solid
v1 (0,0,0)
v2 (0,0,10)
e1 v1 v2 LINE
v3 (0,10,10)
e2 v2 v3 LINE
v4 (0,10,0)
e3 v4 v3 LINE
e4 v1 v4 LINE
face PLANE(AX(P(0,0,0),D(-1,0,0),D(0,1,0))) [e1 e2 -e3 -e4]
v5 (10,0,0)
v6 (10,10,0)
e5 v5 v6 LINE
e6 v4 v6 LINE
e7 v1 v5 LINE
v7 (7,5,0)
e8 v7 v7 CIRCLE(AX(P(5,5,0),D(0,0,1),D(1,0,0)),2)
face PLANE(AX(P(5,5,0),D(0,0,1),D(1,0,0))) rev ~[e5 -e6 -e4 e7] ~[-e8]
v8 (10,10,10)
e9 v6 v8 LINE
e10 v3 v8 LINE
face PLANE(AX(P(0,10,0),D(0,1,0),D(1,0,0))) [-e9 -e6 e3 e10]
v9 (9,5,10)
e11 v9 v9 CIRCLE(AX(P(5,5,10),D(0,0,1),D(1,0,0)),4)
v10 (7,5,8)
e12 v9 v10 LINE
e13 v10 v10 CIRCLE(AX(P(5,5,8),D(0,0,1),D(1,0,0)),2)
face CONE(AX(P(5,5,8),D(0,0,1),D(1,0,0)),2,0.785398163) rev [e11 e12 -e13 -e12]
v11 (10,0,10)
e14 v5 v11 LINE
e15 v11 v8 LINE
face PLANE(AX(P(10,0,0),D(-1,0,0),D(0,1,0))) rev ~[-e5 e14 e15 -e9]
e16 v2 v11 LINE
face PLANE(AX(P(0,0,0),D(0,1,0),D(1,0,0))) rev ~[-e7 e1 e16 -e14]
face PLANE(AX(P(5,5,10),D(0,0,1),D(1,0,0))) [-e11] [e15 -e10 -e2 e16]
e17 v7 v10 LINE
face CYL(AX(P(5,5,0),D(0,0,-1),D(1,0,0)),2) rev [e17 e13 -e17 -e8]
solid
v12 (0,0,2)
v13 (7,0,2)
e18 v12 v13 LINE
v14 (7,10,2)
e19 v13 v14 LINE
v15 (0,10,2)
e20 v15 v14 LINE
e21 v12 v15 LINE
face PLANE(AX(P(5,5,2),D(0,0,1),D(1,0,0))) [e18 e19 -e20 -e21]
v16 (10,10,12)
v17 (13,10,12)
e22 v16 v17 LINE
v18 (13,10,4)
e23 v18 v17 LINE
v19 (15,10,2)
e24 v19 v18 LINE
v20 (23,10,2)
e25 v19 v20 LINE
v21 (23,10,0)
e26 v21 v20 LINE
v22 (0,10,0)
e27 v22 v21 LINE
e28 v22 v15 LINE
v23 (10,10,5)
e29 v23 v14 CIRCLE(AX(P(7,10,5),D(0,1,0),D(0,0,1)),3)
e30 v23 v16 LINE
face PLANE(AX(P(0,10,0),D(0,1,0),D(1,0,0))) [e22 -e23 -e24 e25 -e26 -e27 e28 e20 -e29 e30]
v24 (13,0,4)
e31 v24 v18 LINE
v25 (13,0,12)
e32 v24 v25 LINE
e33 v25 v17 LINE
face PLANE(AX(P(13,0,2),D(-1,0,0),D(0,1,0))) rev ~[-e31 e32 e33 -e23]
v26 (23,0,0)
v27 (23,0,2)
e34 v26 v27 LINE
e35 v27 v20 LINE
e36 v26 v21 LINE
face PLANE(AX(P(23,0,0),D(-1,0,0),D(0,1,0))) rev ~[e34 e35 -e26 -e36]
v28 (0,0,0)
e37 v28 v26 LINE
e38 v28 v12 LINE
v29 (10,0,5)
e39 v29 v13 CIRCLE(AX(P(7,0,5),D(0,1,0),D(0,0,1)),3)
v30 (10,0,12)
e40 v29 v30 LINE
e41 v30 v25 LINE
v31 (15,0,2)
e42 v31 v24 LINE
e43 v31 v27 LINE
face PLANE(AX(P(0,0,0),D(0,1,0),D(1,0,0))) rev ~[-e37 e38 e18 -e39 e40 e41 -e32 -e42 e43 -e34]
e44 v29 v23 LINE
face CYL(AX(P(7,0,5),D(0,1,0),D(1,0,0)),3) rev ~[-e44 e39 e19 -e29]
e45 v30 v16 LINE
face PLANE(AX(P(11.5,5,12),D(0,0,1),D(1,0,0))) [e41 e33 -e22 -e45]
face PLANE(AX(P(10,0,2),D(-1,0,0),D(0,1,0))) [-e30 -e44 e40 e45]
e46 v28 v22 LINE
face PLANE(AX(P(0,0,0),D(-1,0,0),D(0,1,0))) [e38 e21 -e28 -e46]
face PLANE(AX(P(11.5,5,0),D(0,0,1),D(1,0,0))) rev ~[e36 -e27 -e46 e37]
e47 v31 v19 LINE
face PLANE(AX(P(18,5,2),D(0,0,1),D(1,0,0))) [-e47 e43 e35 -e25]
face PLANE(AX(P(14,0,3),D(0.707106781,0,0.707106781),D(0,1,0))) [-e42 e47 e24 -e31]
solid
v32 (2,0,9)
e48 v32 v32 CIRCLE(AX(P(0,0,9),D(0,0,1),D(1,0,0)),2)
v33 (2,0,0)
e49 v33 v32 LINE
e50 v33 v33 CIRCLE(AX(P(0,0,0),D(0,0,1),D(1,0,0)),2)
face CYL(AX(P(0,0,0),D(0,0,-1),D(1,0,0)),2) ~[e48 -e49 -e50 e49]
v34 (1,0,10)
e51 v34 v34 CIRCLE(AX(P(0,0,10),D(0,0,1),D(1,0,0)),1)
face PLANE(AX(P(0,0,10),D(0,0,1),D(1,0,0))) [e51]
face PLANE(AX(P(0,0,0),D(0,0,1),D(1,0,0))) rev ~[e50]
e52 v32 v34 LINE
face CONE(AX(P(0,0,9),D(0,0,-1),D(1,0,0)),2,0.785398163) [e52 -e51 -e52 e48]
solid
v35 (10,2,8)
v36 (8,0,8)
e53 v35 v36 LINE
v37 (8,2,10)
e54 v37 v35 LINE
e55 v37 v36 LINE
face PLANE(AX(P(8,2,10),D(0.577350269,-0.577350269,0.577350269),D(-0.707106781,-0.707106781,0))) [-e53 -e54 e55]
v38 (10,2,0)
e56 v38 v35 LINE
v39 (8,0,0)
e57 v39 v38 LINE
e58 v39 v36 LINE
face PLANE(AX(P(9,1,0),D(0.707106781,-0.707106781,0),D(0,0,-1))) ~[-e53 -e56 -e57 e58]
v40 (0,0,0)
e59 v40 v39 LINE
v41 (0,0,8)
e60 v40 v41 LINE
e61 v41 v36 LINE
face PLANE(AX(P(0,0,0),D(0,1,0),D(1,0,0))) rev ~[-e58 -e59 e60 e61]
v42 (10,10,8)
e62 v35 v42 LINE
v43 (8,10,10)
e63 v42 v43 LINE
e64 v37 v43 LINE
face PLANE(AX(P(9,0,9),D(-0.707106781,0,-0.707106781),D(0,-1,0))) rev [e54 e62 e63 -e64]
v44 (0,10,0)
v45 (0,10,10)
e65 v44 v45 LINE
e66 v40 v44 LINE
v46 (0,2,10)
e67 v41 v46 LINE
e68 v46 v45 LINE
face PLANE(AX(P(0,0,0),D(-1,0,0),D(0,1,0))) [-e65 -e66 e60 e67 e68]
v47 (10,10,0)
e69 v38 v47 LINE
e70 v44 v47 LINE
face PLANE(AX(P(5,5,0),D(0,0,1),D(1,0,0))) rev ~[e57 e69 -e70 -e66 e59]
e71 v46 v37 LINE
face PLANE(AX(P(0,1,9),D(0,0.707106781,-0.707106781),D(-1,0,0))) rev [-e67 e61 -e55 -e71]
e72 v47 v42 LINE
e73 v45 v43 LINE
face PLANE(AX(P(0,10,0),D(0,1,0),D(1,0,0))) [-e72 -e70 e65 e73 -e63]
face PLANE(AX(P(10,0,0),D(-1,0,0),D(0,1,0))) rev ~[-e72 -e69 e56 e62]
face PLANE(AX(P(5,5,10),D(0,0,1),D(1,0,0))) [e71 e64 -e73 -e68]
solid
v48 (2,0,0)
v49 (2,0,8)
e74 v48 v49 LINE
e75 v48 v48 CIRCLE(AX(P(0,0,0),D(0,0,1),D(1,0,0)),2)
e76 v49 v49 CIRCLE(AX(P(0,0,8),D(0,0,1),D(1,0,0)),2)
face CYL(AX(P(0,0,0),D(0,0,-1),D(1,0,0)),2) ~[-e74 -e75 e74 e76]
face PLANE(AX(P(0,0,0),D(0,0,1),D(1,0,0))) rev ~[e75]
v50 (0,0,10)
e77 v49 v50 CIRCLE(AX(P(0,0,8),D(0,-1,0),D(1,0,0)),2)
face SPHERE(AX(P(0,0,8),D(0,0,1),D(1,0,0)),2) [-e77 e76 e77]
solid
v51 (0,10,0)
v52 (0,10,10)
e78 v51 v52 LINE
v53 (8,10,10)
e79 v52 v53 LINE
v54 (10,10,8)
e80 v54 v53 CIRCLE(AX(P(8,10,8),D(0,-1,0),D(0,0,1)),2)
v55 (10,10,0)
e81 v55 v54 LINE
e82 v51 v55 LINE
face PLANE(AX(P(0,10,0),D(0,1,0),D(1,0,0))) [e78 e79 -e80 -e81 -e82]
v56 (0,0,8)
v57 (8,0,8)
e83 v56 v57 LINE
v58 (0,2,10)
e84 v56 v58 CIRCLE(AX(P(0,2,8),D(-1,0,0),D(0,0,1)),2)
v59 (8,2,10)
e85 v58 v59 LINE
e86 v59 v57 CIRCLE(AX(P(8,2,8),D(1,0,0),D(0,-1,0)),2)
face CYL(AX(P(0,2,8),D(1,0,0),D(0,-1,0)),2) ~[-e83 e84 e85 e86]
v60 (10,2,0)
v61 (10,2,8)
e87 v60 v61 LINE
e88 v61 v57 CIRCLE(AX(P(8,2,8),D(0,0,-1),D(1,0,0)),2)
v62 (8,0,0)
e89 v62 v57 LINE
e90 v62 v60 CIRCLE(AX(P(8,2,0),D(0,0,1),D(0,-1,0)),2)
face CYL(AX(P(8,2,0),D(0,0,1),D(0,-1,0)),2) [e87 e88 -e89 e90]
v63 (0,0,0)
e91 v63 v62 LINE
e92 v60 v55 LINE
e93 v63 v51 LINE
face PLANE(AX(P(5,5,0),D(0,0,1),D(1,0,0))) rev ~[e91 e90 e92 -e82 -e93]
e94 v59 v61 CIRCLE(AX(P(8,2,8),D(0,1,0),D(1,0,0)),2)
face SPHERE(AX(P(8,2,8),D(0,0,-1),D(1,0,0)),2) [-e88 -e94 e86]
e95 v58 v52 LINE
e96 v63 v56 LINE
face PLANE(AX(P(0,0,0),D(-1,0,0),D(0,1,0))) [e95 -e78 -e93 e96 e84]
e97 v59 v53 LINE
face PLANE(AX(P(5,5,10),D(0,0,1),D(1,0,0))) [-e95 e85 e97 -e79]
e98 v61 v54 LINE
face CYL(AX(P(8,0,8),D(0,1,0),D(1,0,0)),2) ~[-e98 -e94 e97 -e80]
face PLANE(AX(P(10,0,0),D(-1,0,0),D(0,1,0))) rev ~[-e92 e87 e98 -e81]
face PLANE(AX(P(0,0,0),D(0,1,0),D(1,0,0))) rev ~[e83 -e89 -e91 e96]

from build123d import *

# Parameters (mm, degrees)
BOX_W             = 10
BOX_H             = 10
BOX_DEPTH         = 10
FILLET_R          = 2
BOX001_W          = 10
BOX001_H          = 10
BOX001_DEPTH      = 10
CHAMFER_SIZE      = 2
CYLINDER_R        = 2
CYLINDER_DEPTH    = 10
BOX002_W          = 10
BOX002_H          = 10
BOX002_DEPTH      = 10
CHAMFER001_SIZE   = 2
CYLINDER001_R     = 2
CYLINDER001_DEPTH = 10
FILLET001_R       = 2
CYLINDER002_R     = 2
CYLINDER002_DEPTH = 10
CHAMFER002_SIZE   = 1
BOX005_W          = 10
BOX005_H          = 10
BOX005_DEPTH      = 10
BOX004_W          = 10
BOX004_H          = 10
BOX004_DEPTH      = 10
BOX003_W          = 23
BOX003_H          = 10
BOX003_DEPTH      = 12
CHAMFER003_SIZE   = 2
FILLET002_R       = 3


with BuildPart() as fillet_body:
    # Box → Box (new body)
    with BuildSketch(Plane.XY):
        with Locations((5, 5)):
            Rectangle(BOX_W, BOX_H)
    extrude(amount=BOX_DEPTH)

    # Fillet
    fillet_edges = [fillet_body.edges().sort_by_distance(p)[0] for p in [
        (10, 0, 5),
        (10, 5, 10),
        (5, 0, 10),
    ]]
    fillet(fillet_edges, radius=FILLET_R)


with BuildPart() as chamfer_body:
    # Box001 → Box001 (new body)
    with BuildSketch(Plane.XY):
        with Locations((5, 5)):
            Rectangle(BOX001_W, BOX001_H)
    extrude(amount=BOX001_DEPTH)

    # Chamfer
    chamfer_edges = [chamfer_body.edges().sort_by_distance(p)[0] for p in [
        (10, 0, 5),
        (10, 5, 10),
        (5, 0, 10),
    ]]
    chamfer(chamfer_edges, length=CHAMFER_SIZE)


with BuildPart() as cilindro:
    # Cylinder → Cylinder (new body)
    with BuildSketch(Plane(origin=(5, 5, 0), x_dir=(1, 0, 0), z_dir=(0, 0, 1))):
        Circle(CYLINDER_R)
    extrude(amount=CYLINDER_DEPTH)


with BuildPart() as chamfer001:
    # Box002 → Box002 (new body)
    with BuildSketch(Plane.XY):
        with Locations((5, 5)):
            Rectangle(BOX002_W, BOX002_H)
    extrude(amount=BOX002_DEPTH)

    # Cut: cut Cilindro
    add(cilindro.part, mode=Mode.SUBTRACT)

    # Chamfer001
    chamfer001_edges = [chamfer001.edges().sort_by_distance(p)[0] for p in [
        (3, 5, 10),
    ]]
    chamfer(chamfer001_edges, length=CHAMFER001_SIZE)


with BuildPart() as fillet001:
    # Cylinder001 → Cylinder001 (new body)
    with BuildSketch(Plane.XY):
        Circle(CYLINDER001_R)
    extrude(amount=CYLINDER001_DEPTH)

    # Fillet001
    fillet001_edges = [fillet001.edges().sort_by_distance(p)[0] for p in [
        (-2, 0, 10),
    ]]
    fillet(fillet001_edges, radius=FILLET001_R)


with BuildPart() as chamfer002:
    # Cylinder002 → Cylinder002 (new body)
    with BuildSketch(Plane.XY):
        Circle(CYLINDER002_R)
    extrude(amount=CYLINDER002_DEPTH)

    # Chamfer002
    chamfer002_edges = [chamfer002.edges().sort_by_distance(p)[0] for p in [
        (-2, 0, 10),
    ]]
    chamfer(chamfer002_edges, length=CHAMFER002_SIZE)


with BuildPart() as cubo005:
    # Box005 → Box005 (new body)
    with BuildSketch(Plane(origin=(13, 0, 2), x_dir=(1, 0, 0), z_dir=(0, 0, 1))):
        with Locations((5, 5)):
            Rectangle(BOX005_W, BOX005_H)
    extrude(amount=BOX005_DEPTH)


with BuildPart() as fusion:
    # Box004 → Box004 (new body)
    with BuildSketch(Plane.XY.offset(2)):
        with Locations((5, 5)):
            Rectangle(BOX004_W, BOX004_H)
    extrude(amount=BOX004_DEPTH)

    # Fusion: union Cubo005
    add(cubo005.part)


with BuildPart() as fillet002:
    # Box003 → Box003 (new body)
    with BuildSketch(Plane.XY):
        with Locations((11.5, 5)):
            Rectangle(BOX003_W, BOX003_H)
    extrude(amount=BOX003_DEPTH)

    # Cut001: cut Fusion
    add(fusion.part, mode=Mode.SUBTRACT)

    # Chamfer003
    chamfer003_edges = [fillet002.edges().sort_by_distance(p)[0] for p in [
        (13, 5, 2),
    ]]
    chamfer(chamfer003_edges, length=CHAMFER003_SIZE)

    # Fillet002
    fillet002_edges = [fillet002.edges().sort_by_distance(p)[0] for p in [
        (10, 5, 2),
    ]]
    fillet(fillet002_edges, radius=FILLET002_R)


solid = Compound([fillet_body.part, chamfer_body.part, chamfer001.part, fillet001.part, chamfer002.part, fillet002.part])
